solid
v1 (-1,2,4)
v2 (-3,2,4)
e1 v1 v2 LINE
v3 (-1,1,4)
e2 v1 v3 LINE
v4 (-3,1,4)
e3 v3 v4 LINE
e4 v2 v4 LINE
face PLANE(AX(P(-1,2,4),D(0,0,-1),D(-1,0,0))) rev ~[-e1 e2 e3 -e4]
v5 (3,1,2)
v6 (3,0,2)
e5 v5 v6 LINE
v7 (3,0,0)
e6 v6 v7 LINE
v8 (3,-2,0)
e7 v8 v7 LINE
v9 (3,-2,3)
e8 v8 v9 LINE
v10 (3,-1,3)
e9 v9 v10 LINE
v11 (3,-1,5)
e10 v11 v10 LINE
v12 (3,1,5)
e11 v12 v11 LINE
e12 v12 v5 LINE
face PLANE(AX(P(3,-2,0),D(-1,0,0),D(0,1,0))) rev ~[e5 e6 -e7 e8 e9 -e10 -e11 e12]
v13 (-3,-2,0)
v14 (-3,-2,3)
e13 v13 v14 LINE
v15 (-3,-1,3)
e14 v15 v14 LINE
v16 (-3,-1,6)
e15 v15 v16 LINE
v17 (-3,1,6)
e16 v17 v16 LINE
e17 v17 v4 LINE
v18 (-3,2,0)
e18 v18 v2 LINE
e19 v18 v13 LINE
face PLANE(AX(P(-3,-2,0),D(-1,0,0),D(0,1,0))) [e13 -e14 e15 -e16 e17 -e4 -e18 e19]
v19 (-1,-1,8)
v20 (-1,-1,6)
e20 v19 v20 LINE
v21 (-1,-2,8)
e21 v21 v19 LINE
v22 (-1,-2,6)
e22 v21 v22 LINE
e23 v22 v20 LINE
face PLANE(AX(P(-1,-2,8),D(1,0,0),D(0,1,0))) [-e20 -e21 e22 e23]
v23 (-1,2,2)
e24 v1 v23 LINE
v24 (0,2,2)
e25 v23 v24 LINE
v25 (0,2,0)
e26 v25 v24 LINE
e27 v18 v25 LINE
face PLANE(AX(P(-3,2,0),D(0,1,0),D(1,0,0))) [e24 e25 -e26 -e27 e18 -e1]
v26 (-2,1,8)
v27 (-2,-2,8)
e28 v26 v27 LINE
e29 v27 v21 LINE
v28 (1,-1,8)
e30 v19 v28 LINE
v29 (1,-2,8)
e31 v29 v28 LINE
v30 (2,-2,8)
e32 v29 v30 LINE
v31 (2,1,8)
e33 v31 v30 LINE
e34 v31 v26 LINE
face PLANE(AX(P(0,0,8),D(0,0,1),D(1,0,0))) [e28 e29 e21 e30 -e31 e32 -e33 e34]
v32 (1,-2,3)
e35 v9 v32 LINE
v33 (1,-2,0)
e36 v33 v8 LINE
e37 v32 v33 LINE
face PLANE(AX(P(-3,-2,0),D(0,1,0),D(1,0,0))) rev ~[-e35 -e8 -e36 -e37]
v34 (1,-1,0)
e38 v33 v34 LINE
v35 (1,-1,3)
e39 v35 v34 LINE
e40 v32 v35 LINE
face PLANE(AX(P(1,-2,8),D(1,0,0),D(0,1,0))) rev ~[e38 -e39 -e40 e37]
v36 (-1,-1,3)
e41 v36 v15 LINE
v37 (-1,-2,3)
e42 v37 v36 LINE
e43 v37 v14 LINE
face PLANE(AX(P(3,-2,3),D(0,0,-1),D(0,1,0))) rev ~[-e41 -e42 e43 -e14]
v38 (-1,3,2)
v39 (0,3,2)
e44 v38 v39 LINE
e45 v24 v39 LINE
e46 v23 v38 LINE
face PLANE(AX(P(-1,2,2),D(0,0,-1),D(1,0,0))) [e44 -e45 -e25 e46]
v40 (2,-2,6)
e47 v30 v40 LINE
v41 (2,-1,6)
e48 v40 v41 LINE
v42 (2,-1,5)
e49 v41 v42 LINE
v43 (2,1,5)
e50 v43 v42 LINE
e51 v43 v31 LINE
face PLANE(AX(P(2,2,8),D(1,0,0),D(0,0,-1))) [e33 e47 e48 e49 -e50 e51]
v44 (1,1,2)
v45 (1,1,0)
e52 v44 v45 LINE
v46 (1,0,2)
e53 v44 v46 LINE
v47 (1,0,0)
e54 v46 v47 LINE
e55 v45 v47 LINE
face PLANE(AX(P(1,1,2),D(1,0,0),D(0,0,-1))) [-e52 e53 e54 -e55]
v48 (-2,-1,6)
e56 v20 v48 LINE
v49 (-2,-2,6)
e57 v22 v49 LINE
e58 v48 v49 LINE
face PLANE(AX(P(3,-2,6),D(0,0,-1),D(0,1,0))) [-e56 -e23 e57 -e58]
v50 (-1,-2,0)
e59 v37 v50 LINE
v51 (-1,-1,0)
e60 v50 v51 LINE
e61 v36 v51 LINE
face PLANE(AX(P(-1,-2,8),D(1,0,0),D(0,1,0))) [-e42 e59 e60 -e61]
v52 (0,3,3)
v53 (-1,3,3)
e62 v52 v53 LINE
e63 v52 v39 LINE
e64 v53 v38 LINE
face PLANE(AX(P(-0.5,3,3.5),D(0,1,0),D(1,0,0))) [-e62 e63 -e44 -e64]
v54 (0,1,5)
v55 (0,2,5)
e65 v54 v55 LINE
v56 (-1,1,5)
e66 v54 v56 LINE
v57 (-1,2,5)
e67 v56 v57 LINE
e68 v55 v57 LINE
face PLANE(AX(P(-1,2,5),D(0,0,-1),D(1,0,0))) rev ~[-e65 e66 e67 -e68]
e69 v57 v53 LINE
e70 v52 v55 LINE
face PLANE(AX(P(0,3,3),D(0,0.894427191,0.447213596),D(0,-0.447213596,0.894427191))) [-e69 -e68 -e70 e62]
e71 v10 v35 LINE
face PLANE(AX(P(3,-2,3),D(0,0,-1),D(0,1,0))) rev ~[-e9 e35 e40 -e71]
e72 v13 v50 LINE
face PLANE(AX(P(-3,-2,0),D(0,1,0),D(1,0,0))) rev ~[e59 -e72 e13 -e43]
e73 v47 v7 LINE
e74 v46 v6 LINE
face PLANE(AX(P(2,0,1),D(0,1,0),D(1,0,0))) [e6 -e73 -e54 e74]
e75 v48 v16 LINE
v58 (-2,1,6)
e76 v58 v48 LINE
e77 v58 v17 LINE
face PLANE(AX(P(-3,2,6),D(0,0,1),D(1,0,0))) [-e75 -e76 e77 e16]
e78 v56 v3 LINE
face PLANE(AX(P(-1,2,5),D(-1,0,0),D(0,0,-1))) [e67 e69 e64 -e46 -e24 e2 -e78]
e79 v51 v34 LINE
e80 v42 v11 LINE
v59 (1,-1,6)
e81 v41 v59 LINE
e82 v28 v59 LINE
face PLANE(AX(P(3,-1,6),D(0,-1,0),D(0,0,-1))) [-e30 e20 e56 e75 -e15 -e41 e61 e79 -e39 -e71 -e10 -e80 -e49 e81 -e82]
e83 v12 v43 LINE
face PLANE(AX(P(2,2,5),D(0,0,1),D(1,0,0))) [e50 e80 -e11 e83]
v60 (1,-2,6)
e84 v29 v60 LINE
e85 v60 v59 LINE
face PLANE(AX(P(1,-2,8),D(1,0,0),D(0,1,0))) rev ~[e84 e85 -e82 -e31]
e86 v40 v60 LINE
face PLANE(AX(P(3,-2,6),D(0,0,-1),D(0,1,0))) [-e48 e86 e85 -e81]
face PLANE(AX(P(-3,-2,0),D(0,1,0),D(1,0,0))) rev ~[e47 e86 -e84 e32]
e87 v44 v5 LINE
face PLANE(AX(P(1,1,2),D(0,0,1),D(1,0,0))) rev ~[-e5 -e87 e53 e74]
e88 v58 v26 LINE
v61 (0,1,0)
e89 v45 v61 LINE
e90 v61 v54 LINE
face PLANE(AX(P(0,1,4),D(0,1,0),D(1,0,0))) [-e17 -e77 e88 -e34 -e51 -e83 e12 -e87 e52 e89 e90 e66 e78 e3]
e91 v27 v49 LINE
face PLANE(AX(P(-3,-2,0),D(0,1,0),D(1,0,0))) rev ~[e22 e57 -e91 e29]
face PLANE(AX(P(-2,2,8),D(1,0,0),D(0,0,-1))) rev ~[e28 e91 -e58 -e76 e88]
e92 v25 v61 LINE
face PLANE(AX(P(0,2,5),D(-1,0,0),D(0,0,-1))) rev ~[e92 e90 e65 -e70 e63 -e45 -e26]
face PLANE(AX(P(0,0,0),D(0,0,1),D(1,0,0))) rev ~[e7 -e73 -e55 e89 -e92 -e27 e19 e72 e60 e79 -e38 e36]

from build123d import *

# Parameters (mm, degrees)
SKETCH1_W           = 6
SKETCH1_H           = 4
BOSS_EXTRUDE1_DEPTH = 8
SKETCH2_W           = 2
SKETCH2_H           = 1
CUT_EXTRUDE1_DEPTH  = 9
SKETCH3_W           = 1
SKETCH3_H           = 2
SKETCH3_H_2         = 3
CUT_EXTRUDE2_DEPTH  = 5
SKETCH4_W           = 3
SKETCH4_H           = 1
CUT_EXTRUDE3_DEPTH  = 7
SKETCH5_OUTSIDE_W   = 10.154
SKETCH5_OUTSIDE_H   = 12.154
CUT_EXTRUDE4_DEPTH  = 1
SKETCH6_W           = 2
SKETCH6_H           = 2
CUT_EXTRUDE5_DEPTH  = 1
SKETCH7_W           = 1
SKETCH7_H           = 3
BOSS_EXTRUDE2_DEPTH = 1
CUT_EXTRUDE6_DEPTH  = 4


with BuildPart() as part:
    # Sketch1 → Boss-Extrude1 (new body)
    with BuildSketch(Plane.XY):
        Rectangle(SKETCH1_W, SKETCH1_H)
    extrude(amount=BOSS_EXTRUDE1_DEPTH)

    # Sketch2 → Cut-Extrude1 (cut, through all)
    with BuildSketch(Plane.XY.offset(8)):
        with Locations((0, -1.5)):
            Rectangle(SKETCH2_W, SKETCH2_H)
    extrude(amount=-CUT_EXTRUDE1_DEPTH, mode=Mode.SUBTRACT)

    # Sketch3 → Cut-Extrude2 (cut, through all)
    with BuildSketch(Plane(origin=(0, 2, 0), x_dir=(1, 0, 0), z_dir=(0, 1, 0))):
        with Locations((-2.5, -7)):
            Rectangle(SKETCH3_W, SKETCH3_H)
        with Locations((2.5, -6.5)):
            Rectangle(SKETCH3_W, SKETCH3_H_2)
    extrude(amount=-CUT_EXTRUDE2_DEPTH, mode=Mode.SUBTRACT)

    # Sketch4 → Cut-Extrude3 (cut, through all)
    with BuildSketch(Plane(origin=(3, 0, 0), x_dir=(0, 0, -1), z_dir=(1, 0, 0))):
        with Locations((-4.5, -1.5)):
            Rectangle(SKETCH4_W, SKETCH4_H)
    extrude(amount=-CUT_EXTRUDE3_DEPTH, mode=Mode.SUBTRACT)

    # Sketch5 outside → Cut-Extrude4 (cut)
    with BuildSketch(Plane(origin=(0, 2, 0), x_dir=(1, 0, 0), z_dir=(0, 1, 0))):
        with Locations((0, -4)):
            Rectangle(SKETCH5_OUTSIDE_W, SKETCH5_OUTSIDE_H)
        Polygon((-3, 0), (0, 0), (0, -5), (-1, -5), (-1, -4), (-3, -4), align=None, mode=Mode.SUBTRACT)
    extrude(amount=-CUT_EXTRUDE4_DEPTH, mode=Mode.SUBTRACT)

    # Sketch6 → Cut-Extrude5 (cut)
    with BuildSketch(Plane(origin=(0, 1, 0), x_dir=(1, 0, 0), z_dir=(0, 1, 0))):
        with Locations((2, -1)):
            Rectangle(SKETCH6_W, SKETCH6_H)
    extrude(amount=-CUT_EXTRUDE5_DEPTH, mode=Mode.SUBTRACT)

    # Sketch7 → Boss-Extrude2 (add)
    with BuildSketch(Plane(origin=(0, 2, 0), x_dir=(1, 0, 0), z_dir=(0, 1, 0))):
        with Locations((-0.5, -3.5)):
            Rectangle(SKETCH7_W, SKETCH7_H)
    extrude(amount=BOSS_EXTRUDE2_DEPTH)

    # Sketch8 → Cut-Extrude6 (cut, through all)
    with BuildSketch(Plane(origin=(0, 0, 0), x_dir=(0, 0, -1), z_dir=(1, 0, 0))):
        Polygon((-3, 3), (-5, 2), (-5, 3), align=None)
    extrude(amount=-CUT_EXTRUDE6_DEPTH, mode=Mode.SUBTRACT)


solid = part.part
